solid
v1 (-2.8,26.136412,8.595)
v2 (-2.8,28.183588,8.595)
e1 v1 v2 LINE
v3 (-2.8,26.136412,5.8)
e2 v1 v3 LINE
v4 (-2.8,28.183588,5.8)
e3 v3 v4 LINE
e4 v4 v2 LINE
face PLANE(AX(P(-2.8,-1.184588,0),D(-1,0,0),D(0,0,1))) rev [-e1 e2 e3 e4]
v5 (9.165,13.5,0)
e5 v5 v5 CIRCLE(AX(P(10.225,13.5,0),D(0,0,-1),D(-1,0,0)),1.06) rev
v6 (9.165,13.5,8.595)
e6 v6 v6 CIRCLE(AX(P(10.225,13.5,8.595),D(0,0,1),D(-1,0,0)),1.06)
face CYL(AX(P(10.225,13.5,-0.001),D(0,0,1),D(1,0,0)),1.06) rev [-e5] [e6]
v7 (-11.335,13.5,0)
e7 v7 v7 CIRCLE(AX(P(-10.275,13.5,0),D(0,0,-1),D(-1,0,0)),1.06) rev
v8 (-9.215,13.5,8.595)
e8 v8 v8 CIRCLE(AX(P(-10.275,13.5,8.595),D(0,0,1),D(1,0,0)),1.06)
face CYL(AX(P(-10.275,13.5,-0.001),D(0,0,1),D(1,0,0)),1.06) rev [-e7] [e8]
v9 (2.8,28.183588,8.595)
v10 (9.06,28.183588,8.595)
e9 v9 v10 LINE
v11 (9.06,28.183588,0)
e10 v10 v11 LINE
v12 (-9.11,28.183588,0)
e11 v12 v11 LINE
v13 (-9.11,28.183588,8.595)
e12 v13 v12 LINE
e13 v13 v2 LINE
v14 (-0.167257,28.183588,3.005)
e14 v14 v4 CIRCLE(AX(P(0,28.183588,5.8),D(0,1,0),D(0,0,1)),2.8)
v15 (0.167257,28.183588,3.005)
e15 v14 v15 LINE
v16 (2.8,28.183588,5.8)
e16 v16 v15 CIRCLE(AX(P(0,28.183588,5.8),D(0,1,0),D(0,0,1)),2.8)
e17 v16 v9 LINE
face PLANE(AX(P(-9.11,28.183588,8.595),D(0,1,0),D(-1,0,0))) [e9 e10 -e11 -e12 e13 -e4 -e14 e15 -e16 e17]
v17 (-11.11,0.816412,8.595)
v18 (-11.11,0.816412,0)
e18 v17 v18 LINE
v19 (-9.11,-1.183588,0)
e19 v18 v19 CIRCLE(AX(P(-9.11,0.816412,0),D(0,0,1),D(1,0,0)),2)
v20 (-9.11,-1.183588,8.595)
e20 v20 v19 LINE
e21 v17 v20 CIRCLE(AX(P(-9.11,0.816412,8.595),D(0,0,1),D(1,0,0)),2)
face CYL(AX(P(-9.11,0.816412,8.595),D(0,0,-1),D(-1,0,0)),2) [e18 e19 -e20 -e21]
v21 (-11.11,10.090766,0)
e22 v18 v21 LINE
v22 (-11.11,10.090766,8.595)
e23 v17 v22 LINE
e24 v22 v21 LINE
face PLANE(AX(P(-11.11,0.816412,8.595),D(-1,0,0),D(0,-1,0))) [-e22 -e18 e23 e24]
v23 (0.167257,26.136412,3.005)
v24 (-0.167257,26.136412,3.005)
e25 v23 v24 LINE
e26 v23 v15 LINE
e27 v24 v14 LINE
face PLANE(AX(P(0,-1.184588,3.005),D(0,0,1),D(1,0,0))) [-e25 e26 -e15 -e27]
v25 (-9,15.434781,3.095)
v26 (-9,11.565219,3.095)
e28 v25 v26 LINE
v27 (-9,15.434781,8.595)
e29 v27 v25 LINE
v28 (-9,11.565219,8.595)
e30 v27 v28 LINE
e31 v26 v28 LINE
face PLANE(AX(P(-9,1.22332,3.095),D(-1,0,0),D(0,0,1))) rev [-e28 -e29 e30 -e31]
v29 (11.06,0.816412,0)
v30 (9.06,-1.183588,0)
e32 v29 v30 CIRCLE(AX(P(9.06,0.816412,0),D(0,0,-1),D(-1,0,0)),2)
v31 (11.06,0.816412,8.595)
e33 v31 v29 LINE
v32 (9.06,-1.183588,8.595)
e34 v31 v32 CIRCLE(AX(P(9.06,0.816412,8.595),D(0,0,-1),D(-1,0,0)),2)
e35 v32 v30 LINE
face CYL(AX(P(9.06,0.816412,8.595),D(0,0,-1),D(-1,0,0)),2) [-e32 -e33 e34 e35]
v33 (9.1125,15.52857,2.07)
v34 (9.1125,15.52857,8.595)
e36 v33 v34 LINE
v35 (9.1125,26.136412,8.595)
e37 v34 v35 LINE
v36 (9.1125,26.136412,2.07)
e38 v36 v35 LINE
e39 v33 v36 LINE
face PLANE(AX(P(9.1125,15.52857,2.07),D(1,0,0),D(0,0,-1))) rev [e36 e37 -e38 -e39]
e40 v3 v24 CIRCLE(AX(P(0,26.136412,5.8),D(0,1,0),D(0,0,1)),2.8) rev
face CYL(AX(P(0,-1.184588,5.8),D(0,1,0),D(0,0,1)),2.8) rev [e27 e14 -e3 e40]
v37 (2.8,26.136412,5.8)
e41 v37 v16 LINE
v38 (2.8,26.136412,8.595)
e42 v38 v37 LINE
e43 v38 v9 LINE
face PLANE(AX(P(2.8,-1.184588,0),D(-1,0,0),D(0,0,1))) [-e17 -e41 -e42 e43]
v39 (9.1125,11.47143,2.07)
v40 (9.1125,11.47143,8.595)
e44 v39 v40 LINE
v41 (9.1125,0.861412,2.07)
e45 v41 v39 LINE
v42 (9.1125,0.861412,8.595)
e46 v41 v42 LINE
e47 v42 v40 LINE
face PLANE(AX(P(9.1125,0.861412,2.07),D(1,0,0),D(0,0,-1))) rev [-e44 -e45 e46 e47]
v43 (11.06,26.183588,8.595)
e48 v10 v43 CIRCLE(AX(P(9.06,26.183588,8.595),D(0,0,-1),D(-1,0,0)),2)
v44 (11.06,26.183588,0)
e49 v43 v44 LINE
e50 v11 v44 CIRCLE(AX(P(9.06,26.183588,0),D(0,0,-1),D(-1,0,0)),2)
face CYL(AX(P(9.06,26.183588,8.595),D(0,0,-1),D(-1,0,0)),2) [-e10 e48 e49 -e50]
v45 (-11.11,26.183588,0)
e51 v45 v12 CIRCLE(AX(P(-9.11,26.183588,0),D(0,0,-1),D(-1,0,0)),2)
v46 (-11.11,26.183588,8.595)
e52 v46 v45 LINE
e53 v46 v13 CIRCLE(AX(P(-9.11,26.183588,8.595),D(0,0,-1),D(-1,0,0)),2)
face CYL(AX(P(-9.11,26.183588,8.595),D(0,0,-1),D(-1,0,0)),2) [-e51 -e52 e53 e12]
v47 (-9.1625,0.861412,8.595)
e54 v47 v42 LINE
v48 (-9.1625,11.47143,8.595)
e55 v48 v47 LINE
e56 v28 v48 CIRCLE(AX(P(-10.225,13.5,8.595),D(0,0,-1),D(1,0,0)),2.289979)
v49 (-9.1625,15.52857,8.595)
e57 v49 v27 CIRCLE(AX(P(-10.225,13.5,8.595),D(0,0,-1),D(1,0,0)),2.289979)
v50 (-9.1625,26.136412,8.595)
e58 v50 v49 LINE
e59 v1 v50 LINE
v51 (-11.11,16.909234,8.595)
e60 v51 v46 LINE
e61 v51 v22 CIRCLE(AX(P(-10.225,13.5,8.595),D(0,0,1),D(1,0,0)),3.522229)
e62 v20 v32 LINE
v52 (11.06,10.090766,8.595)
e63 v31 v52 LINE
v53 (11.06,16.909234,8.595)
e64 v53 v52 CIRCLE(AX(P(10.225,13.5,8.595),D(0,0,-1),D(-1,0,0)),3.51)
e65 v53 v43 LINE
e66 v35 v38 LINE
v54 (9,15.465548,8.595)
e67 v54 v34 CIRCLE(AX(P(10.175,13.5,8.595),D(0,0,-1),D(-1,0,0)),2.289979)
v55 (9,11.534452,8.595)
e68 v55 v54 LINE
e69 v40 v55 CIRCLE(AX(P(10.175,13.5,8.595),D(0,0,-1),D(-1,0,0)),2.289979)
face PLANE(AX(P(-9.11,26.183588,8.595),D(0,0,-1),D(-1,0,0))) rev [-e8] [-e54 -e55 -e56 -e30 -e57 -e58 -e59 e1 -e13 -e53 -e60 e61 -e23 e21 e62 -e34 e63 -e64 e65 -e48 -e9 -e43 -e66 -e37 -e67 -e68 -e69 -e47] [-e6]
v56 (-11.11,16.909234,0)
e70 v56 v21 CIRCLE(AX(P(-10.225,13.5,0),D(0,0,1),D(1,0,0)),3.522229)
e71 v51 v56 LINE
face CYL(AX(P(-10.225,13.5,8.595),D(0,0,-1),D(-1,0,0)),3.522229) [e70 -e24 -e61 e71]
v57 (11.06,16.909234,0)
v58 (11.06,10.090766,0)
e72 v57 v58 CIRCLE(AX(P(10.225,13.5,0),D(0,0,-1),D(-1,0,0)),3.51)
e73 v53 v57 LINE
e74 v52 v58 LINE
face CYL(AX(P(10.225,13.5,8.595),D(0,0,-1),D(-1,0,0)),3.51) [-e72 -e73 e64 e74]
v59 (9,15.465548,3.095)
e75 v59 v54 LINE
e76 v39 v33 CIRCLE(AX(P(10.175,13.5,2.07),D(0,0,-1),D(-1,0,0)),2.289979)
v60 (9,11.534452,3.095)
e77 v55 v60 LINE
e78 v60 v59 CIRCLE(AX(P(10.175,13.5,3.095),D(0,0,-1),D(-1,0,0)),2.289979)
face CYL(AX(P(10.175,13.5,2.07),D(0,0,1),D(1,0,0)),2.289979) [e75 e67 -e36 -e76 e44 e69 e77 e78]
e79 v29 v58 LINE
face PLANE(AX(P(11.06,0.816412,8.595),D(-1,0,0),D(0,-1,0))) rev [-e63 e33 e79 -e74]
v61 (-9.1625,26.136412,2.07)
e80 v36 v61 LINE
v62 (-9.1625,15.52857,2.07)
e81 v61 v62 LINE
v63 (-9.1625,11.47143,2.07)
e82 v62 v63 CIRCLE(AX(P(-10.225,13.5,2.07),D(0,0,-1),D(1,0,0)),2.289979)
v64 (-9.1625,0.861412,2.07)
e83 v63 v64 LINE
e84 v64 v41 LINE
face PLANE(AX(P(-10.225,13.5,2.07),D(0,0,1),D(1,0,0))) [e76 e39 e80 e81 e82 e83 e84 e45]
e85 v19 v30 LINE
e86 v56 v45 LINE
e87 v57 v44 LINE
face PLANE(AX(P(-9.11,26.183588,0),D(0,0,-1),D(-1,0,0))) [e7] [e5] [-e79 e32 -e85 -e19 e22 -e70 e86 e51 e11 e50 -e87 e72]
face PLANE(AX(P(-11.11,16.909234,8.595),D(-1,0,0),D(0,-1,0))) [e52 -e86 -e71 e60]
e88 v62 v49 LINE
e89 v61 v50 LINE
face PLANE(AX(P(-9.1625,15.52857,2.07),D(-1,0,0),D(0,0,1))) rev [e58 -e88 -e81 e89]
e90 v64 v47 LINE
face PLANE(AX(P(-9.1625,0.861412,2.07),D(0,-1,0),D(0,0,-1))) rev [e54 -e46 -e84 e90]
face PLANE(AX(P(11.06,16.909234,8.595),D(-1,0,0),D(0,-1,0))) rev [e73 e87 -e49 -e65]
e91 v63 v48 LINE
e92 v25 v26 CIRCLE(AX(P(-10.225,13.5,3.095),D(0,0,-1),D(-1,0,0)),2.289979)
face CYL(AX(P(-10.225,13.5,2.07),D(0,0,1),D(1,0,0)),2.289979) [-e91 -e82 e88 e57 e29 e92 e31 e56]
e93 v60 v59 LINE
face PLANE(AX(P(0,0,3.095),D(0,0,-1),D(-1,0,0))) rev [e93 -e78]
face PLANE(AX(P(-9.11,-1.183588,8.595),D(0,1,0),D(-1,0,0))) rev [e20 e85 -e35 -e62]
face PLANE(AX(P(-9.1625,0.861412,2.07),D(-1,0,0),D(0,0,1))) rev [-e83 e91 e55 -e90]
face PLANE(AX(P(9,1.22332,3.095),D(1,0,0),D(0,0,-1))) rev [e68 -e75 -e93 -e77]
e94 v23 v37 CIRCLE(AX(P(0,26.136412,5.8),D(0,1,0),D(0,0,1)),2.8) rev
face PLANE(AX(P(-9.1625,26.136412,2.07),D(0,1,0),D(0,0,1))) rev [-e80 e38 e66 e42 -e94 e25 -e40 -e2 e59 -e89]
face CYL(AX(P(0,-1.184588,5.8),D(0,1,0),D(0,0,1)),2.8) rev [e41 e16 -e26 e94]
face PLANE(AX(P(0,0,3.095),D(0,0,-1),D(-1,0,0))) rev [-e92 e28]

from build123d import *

# Parameters (mm, degrees)
BOSS_EXTRUDE2_DEPTH = 8.595
CUT_EXTRUDE3_REACH  = 34.514
SKETCH5_R           = 1.06
CUT_EXTRUDE4_DEPTH  = 6.525
CUT_EXTRUDE2_REACH  = 35.545
SKETCH7_W           = 18
SKETCH7_H           = 24.65
CUT_EXTRUDE6_DEPTH  = 5.5


with BuildPart() as part:
    # Sketch1 → Boss-Extrude2 (new body)
    with BuildSketch(Plane.XY):
        with BuildLine():
            Line((-11.11, 0.816412174), (-11.11, 10.090766215))
            ThreePointArc((-11.11, 10.090766215), (-13.747229408, 13.5), (-11.11, 16.909233785))
            Line((-11.11, 16.909233785), (-11.11, 26.183587826))
            ThreePointArc((-11.11, 26.183587826), (-10.524213562, 27.597801388), (-9.11, 28.183587826))
            Line((-9.11, 28.183587826), (9.06, 28.183587826))
            ThreePointArc((9.06, 28.183587826), (10.474213562, 27.597801388), (11.06, 26.183587826))
            Line((11.06, 26.183587826), (11.06, 16.909233785))
            ThreePointArc((11.06, 16.909233785), (13.735, 13.5), (11.06, 10.090766215))
            Line((11.06, 10.090766215), (11.06, 0.816412174))
            ThreePointArc((11.06, 0.816412174), (10.474213562, -0.597801388), (9.06, -1.183587826))
            Line((9.06, -1.183587826), (-9.11, -1.183587826))
            ThreePointArc((-9.11, -1.183587826), (-10.524213562, -0.597801388), (-11.11, 0.816412174))
        make_face()
    extrude(amount=BOSS_EXTRUDE2_DEPTH)

    # Sketch5 → Cut-Extrude3 (cut, up to next)
    with BuildSketch(Plane.XY.offset(8.595), mode=Mode.PRIVATE) as cut_extrude3_sk1:
        with Locations((-10.275, 13.5)):
            Circle(SKETCH5_R)
    cut_extrude3_tool1 = extrude(cut_extrude3_sk1.sketch, amount=-CUT_EXTRUDE3_REACH, mode=Mode.PRIVATE) & part.part
    # Sketch5 → Cut-Extrude3 (cut, up to next)
    with BuildSketch(Plane.XY.offset(8.595), mode=Mode.PRIVATE) as cut_extrude3_sk2:
        with Locations(Location((10.225, 13.5, 0), (0, 0, 180))):
            Circle(SKETCH5_R)
    cut_extrude3_tool2 = extrude(cut_extrude3_sk2.sketch, amount=-CUT_EXTRUDE3_REACH, mode=Mode.PRIVATE) & part.part
    add(cut_extrude3_tool1.solids().sort_by_distance((-10.275, 13.5, 8.595))[0], mode=Mode.SUBTRACT)
    add(cut_extrude3_tool2.solids().sort_by_distance((10.225, 13.5, 8.595))[0], mode=Mode.SUBTRACT)

    # Sketch2 → Cut-Extrude4 (cut)
    with BuildSketch(Plane.XY.offset(8.595)):
        with BuildLine():
            Line((-9.1625, 15.528570386), (-9.1625, 26.136412174))
            Line((-9.1625, 26.136412174), (9.1125, 26.136412174))
            Line((9.1125, 26.136412174), (9.1125, 15.528570386))
            ThreePointArc((9.1125, 15.528570386), (7.885020948, 13.5), (9.1125, 11.471429614))
            Line((9.1125, 11.471429614), (9.1125, 0.861412174))
            Line((9.1125, 0.861412174), (-9.1625, 0.861412174))
            Line((-9.1625, 0.861412174), (-9.1625, 11.471429614))
            ThreePointArc((-9.1625, 11.471429614), (-7.935020948, 13.5), (-9.1625, 15.528570386))
        make_face()
    extrude(amount=-CUT_EXTRUDE4_DEPTH, mode=Mode.SUBTRACT)

    # Sketch3 → Cut-Extrude2 (cut, up to next)
    with BuildSketch(Plane(origin=(0, 28.183587826, 0), x_dir=(1, 0, 0), z_dir=(0, 1, 0)), mode=Mode.PRIVATE) as cut_extrude2_sk1:
        with BuildLine():
            Line((0.167257287, -3.005), (-0.167257287, -3.005))
            ThreePointArc((-0.167257287, -3.005), (-2.038175704, -3.880145891), (-2.8, -5.8))
            Line((-2.8, -5.8), (-2.8, -8.595))
            Line((-2.8, -8.595), (-0.167257287, -8.595))
            Line((-0.167257287, -8.595), (0.167257287, -8.595))
            Line((0.167257287, -8.595), (2.8, -8.595))
            Line((2.8, -8.595), (2.8, -5.8))
            ThreePointArc((2.8, -5.8), (2.038175704, -3.880145891), (0.167257287, -3.005))
        make_face()
    cut_extrude2_tool1 = extrude(cut_extrude2_sk1.sketch, amount=-CUT_EXTRUDE2_REACH, mode=Mode.PRIVATE) & part.part
    add(cut_extrude2_tool1.solids().sort_by_distance((0, 28.183588, 6.058962))[0], mode=Mode.SUBTRACT)

    # Sketch7 → Cut-Extrude6 (cut)
    with BuildSketch(Plane.XY.offset(8.595)):
        with Locations((0, 13.548319596)):
            Rectangle(SKETCH7_W, SKETCH7_H)
    extrude(amount=-CUT_EXTRUDE6_DEPTH, mode=Mode.SUBTRACT)


solid = part.part
